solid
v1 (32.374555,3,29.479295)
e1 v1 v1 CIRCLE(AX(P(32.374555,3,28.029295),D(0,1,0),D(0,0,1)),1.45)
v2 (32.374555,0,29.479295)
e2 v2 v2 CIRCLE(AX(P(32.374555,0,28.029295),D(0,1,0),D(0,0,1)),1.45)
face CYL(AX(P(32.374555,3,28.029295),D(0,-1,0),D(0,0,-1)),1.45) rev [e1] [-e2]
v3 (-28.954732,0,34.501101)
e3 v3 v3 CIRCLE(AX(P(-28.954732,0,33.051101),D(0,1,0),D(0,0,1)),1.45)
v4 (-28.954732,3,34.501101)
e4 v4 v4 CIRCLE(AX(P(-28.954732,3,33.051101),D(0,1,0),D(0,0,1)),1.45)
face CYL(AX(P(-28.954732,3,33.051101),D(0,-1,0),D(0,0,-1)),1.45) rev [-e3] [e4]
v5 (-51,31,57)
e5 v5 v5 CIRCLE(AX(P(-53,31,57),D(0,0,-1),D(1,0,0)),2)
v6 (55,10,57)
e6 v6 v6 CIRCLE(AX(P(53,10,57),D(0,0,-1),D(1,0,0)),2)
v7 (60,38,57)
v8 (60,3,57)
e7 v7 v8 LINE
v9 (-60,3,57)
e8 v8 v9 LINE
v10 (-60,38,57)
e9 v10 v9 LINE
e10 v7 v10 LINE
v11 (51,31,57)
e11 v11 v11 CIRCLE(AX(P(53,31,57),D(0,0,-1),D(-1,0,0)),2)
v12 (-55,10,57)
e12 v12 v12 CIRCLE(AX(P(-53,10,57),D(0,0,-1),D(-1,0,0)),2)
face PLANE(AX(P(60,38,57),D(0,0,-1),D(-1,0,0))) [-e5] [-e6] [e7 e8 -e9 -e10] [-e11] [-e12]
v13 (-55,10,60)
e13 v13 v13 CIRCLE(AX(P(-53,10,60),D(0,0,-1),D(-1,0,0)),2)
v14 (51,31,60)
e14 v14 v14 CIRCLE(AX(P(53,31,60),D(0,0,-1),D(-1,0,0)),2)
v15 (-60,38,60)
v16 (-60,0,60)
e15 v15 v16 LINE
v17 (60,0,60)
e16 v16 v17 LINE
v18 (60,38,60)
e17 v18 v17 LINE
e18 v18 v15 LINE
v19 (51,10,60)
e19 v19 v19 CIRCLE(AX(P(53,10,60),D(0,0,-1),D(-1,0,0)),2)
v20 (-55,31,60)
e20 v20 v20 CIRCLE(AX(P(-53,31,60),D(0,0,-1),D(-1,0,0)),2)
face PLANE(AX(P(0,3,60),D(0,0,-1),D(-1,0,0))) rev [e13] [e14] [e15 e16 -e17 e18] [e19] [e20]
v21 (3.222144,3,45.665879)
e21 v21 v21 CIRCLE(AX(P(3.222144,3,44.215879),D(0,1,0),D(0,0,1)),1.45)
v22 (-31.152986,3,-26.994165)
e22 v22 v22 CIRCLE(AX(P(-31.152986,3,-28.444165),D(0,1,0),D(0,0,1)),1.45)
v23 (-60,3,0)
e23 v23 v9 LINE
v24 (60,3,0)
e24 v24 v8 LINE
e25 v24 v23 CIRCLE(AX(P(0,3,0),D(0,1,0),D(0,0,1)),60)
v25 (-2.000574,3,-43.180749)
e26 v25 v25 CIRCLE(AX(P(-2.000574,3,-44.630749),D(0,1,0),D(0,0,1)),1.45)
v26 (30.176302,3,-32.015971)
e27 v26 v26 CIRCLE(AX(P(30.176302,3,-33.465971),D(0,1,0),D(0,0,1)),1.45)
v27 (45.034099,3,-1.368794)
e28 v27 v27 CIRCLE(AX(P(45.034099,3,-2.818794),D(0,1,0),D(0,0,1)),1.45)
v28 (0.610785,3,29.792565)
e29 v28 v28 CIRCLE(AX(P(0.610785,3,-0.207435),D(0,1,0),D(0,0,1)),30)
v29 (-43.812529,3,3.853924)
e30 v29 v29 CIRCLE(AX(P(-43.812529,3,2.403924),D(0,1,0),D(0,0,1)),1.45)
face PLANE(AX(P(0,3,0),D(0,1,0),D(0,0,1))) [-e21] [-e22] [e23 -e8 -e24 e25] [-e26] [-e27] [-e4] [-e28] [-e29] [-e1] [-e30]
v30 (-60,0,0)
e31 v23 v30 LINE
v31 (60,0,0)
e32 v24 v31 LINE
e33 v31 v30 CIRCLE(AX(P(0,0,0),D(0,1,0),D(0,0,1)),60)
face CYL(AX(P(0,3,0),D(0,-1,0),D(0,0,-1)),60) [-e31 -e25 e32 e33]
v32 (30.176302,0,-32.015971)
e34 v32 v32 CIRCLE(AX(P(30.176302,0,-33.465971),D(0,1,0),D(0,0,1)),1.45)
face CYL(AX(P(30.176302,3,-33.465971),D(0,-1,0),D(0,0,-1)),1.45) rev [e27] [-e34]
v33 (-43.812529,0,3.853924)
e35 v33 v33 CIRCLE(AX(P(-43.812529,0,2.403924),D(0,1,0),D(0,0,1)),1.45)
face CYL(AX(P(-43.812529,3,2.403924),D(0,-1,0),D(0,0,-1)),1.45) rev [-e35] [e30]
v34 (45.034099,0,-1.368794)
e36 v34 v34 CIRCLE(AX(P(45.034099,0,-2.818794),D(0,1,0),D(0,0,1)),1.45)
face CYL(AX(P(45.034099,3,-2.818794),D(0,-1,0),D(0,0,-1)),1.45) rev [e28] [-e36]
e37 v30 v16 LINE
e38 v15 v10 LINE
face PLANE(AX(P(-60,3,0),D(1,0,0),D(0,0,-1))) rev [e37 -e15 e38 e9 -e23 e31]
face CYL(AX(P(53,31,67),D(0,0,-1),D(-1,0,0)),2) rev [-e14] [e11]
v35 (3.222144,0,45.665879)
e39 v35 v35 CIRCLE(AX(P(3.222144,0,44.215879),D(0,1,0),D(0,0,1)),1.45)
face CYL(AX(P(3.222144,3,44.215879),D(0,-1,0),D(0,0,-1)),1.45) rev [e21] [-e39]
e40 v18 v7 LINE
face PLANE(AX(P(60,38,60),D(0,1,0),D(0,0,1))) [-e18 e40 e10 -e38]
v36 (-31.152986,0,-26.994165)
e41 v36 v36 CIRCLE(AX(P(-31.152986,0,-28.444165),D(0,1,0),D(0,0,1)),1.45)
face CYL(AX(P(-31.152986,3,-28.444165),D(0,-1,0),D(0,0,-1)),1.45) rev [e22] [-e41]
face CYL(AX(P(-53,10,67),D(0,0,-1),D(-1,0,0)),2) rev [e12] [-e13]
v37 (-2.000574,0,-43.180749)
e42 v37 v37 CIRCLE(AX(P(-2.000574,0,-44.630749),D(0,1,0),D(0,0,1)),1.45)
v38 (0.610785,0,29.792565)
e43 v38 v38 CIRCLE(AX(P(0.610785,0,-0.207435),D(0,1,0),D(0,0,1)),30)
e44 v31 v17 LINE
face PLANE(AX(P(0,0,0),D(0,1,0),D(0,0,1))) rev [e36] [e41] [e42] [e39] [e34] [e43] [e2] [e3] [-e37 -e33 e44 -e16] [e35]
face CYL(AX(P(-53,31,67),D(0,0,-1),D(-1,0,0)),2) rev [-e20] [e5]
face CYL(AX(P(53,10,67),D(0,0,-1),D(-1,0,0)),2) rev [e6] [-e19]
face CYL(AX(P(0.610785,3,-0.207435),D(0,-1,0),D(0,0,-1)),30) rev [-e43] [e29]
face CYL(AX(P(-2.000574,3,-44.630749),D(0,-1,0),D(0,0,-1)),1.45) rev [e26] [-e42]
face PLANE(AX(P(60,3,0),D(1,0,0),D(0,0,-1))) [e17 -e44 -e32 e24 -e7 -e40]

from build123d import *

# Parameters (mm, degrees)
BOSS_EXTRUDE1_DEPTH = 3
SKETCH2_W           = 3
SKETCH2_H           = 35
BOSS_EXTRUDE2_DEPTH = 120
SKETCH3_R           = 2
CUT_EXTRUDE1_DEPTH  = 10


with BuildPart() as part:
    # Sketch1 → Boss-Extrude1 (new body)
    with BuildSketch(Plane(origin=(0, 0, 0), x_dir=(1, 0, 0), z_dir=(0, 1, 0))):
        with BuildLine():
            ThreePointArc((60, 0), (0, 60), (-60, 0))
            Line((-60, 0), (-60, -60))
            Line((-60, -60), (60, -60))
            Line((60, -60), (60, 0))
        make_face()
        with BuildLine():
            ThreePointArc((-28.86964292, -34.498602179), (-30.402233374, -33.136190163), (-29.039821358, -31.603599709))
            ThreePointArc((-29.039821358, -31.603599709), (-27.507230904, -32.966011725), (-28.86964292, -34.498602179))
        make_face(mode=Mode.SUBTRACT)
        with BuildLine():
            ThreePointArc((-43.727439791, -3.851425062), (-45.260030245, -2.489013046), (-43.89761823, -0.956422592))
            ThreePointArc((-43.89761823, -0.956422592), (-42.365027776, -2.318834608), (-43.727439791, -3.851425062))
        make_face(mode=Mode.SUBTRACT)
        with BuildLine():
            ThreePointArc((3.137054327, -42.768377551), (4.669644781, -44.130789567), (3.307232765, -45.663380021))
            ThreePointArc((3.307232765, -45.663380021), (1.774642311, -44.300968005), (3.137054327, -42.768377551))
        make_face(mode=Mode.SUBTRACT)
        with BuildLine():
            ThreePointArc((32.289465784, -26.581793404), (33.822056238, -27.944205419), (32.459644223, -29.476795874))
            ThreePointArc((32.459644223, -29.476795874), (30.927053769, -28.114383858), (32.289465784, -26.581793404))
        make_face(mode=Mode.SUBTRACT)
        with BuildLine():
            ThreePointArc((-31.06789629, 26.996663347), (-32.600486744, 28.359075363), (-31.238074729, 29.891665817))
            ThreePointArc((-31.238074729, 29.891665817), (-29.705484275, 28.529253801), (-31.06789629, 26.996663347))
        make_face(mode=Mode.SUBTRACT)
        with BuildLine():
            ThreePointArc((-2.085663271, 46.078249964), (-0.553072817, 44.715837949), (-1.915484832, 43.183247495))
            ThreePointArc((-1.915484832, 43.183247495), (-3.448075286, 44.54565951), (-2.085663271, 46.078249964))
        make_face(mode=Mode.SUBTRACT)
        with BuildLine():
            ThreePointArc((29.082980246, 9.659105906), (10.062455681, -28.264760528), (-27.861410752, -9.244235963))
            ThreePointArc((-27.861410752, -9.244235963), (-8.840886187, 28.679630471), (29.082980246, 9.659105906))
        make_face(mode=Mode.SUBTRACT)
        with BuildLine():
            ThreePointArc((44.949009286, 4.266295005), (46.48159974, 2.90388299), (45.119187724, 1.371292536))
            ThreePointArc((45.119187724, 1.371292536), (43.58659727, 2.733704551), (44.949009286, 4.266295005))
        make_face(mode=Mode.SUBTRACT)
        with BuildLine():
            ThreePointArc((30.261390853, 32.018469652), (28.728800399, 33.380881668), (30.091212414, 34.913472122))
            ThreePointArc((30.091212414, 34.913472122), (31.623802868, 33.551060107), (30.261390853, 32.018469652))
        make_face(mode=Mode.SUBTRACT)
    extrude(amount=BOSS_EXTRUDE1_DEPTH)

    # Sketch2 → Boss-Extrude2 (add)
    with BuildSketch(Plane.ZY.offset(60)):
        with Locations((58.5, 20.5)):
            Rectangle(SKETCH2_W, SKETCH2_H)
    extrude(amount=-BOSS_EXTRUDE2_DEPTH)

    # Sketch3 → Cut-Extrude1 (cut)
    with BuildSketch(Plane(origin=(0, 0, 57), x_dir=(-1, 0, 0), z_dir=(0, 0, -1))):
        with Locations((-53, 31)):
            Circle(SKETCH3_R)
        with Locations((53, 31)):
            Circle(SKETCH3_R)
        with Locations((53, 10)):
            Circle(SKETCH3_R)
        with Locations((-53, 10)):
            Circle(SKETCH3_R)
    extrude(amount=-CUT_EXTRUDE1_DEPTH, mode=Mode.SUBTRACT)


solid = part.part
